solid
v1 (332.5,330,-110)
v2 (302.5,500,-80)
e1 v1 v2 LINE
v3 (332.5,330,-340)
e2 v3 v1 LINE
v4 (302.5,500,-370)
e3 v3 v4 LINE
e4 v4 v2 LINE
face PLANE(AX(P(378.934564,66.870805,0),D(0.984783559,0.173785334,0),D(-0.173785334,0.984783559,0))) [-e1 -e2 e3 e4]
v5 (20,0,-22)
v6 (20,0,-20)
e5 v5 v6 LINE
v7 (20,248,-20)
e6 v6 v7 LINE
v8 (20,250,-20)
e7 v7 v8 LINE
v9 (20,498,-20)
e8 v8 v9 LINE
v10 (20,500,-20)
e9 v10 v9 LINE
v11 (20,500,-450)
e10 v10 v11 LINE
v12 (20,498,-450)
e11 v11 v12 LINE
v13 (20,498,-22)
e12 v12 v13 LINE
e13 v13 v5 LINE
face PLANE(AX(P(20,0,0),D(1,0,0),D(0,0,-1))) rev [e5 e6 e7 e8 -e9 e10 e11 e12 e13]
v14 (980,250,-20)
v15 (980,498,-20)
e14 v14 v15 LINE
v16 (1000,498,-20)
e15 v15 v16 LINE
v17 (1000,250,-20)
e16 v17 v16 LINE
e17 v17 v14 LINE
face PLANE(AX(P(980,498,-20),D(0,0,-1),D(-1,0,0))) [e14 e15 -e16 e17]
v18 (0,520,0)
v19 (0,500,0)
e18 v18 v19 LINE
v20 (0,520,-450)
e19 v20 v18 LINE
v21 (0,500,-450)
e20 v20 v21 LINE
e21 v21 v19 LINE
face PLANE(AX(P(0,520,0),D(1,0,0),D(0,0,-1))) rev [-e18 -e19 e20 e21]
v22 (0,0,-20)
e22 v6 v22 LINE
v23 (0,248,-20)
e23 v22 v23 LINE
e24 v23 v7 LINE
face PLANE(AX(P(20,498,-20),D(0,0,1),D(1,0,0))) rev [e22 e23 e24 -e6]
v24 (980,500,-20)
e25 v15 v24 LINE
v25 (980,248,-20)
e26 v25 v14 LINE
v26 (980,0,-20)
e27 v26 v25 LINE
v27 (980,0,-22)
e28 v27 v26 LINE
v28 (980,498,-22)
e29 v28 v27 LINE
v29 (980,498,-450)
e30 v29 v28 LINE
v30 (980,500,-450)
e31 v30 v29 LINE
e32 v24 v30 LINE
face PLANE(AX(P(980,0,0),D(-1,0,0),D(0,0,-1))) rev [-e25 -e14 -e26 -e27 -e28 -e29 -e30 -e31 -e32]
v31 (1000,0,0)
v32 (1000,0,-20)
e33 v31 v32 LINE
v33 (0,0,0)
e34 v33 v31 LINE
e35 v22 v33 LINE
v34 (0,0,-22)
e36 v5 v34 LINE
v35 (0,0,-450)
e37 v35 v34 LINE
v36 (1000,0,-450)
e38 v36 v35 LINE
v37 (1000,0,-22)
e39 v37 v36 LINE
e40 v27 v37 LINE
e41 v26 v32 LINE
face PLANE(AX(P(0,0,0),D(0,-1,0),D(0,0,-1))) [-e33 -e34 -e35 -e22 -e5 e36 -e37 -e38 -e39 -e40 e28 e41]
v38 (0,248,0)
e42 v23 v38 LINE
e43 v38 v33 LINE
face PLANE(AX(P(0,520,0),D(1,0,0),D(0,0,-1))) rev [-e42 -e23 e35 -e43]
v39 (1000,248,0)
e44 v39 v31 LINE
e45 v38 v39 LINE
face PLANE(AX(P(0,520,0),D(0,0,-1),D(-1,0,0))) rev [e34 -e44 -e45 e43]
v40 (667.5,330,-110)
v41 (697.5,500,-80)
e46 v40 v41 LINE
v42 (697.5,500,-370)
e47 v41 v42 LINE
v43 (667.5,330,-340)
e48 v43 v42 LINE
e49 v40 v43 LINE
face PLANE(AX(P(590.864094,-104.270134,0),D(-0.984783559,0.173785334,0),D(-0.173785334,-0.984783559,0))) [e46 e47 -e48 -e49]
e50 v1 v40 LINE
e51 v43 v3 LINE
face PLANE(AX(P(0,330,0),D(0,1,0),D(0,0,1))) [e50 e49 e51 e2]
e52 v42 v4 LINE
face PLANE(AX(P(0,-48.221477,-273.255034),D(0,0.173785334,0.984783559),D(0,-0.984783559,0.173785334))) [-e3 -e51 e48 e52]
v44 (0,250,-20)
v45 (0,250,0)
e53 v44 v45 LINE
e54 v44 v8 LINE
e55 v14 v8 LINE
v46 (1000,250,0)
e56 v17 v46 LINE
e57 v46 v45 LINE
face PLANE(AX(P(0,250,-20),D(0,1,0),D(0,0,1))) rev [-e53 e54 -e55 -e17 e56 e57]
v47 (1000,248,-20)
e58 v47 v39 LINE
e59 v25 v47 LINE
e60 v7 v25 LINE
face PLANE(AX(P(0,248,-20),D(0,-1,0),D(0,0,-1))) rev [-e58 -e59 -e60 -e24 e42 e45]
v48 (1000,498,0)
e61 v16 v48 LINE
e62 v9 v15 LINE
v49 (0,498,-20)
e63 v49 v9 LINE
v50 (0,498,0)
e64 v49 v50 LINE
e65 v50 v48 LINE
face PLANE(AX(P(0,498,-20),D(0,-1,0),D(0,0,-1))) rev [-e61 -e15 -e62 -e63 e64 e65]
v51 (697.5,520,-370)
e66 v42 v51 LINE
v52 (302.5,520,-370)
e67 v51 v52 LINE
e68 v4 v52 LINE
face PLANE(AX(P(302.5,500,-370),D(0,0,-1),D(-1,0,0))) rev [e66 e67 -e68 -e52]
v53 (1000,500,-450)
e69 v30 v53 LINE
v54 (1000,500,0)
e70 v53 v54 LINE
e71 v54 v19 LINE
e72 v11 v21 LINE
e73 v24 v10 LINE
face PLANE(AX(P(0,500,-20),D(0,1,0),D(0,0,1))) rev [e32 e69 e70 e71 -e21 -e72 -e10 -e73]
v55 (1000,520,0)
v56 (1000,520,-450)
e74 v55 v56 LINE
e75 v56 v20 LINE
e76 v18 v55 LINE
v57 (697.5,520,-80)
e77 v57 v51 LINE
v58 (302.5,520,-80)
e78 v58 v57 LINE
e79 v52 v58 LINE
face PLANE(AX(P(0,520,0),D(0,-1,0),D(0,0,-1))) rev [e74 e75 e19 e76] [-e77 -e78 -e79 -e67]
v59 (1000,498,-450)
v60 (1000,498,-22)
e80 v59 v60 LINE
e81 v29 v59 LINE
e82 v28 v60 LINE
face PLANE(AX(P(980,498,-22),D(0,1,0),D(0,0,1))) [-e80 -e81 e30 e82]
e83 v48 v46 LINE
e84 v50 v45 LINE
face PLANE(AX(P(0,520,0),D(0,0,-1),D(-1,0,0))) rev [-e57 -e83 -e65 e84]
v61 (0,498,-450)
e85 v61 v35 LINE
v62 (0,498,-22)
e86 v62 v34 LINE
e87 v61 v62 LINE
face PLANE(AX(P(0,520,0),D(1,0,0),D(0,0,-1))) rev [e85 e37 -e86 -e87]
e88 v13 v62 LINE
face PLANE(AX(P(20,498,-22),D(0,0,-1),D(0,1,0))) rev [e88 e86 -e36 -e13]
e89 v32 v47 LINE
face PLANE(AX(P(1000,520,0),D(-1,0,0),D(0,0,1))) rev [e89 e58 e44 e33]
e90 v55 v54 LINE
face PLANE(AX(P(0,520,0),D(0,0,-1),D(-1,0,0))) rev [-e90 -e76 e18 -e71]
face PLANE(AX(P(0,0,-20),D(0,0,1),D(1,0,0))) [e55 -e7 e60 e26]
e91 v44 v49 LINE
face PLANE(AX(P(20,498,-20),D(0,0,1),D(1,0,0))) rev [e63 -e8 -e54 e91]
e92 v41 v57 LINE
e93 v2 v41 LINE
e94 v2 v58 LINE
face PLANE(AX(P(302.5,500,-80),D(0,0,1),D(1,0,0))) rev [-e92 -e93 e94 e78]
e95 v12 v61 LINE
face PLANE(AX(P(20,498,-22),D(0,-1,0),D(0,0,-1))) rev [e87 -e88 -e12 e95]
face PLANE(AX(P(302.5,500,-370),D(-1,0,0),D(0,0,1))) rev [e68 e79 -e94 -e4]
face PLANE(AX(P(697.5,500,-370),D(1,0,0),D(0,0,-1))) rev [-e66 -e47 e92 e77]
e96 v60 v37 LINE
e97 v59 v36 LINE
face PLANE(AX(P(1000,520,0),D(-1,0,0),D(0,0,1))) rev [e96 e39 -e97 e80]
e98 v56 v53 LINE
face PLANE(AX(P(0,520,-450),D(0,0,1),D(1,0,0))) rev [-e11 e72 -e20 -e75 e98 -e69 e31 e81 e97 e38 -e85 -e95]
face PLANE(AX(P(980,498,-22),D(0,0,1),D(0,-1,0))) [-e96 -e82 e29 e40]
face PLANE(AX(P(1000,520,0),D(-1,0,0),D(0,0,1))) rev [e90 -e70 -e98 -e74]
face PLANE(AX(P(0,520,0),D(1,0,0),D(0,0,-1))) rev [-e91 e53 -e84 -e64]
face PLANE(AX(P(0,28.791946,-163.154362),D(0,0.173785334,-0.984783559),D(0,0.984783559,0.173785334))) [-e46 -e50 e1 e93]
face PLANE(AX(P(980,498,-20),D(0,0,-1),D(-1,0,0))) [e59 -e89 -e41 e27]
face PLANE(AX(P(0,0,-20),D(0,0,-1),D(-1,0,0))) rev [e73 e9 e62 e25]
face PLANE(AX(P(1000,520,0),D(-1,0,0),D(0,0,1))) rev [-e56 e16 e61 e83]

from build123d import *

# Parameters (mm, degrees)
SKETCH_1_W          = 1000
SKETCH_1_H          = 450
EXTRUDE_1_DEPTH     = 520
SKETCH_2_W          = 395
SKETCH_2_H          = 290
CUT_EXTRUDE_1_DEPTH = 20
SKETCH_8_W          = 1000
SKETCH_8_H          = 2
CUT_EXTRUDE_2_DEPTH = 20
CUT_EXTRUDE_3_DEPTH = 20


with BuildPart() as part:
    # Эскиз1 → Бобышка-Вытянуть1 (new body)
    with BuildSketch(Plane(origin=(0, 0, 0), x_dir=(1, 0, 0), z_dir=(0, 1, 0))):
        with Locations((500, 225)):
            Rectangle(SKETCH_1_W, SKETCH_1_H)
    extrude(amount=EXTRUDE_1_DEPTH)

    # Эскиз2 → Вырез-Вытянуть1 (cut)
    with BuildSketch(Plane(origin=(0, 520, 0), x_dir=(1, 0, 0), z_dir=(0, 1, 0))):
        with Locations((500, 225)):
            Rectangle(SKETCH_2_W, SKETCH_2_H)
    extrude(amount=-CUT_EXTRUDE_1_DEPTH, mode=Mode.SUBTRACT)

    # Эскиз3 → Вырез-По сечениям1 section 0
    with BuildSketch(Plane(origin=(0, 330, 0), x_dir=(1, 0, 0), z_dir=(0, 1, 0))):
        with BuildLine():
            Line((332.5, 340), (667.5, 340))
            Line((667.5, 340), (667.5, 110))
            Line((667.5, 110), (332.5, 110))
            Line((332.5, 110), (332.5, 340))
        make_face()
    # Эскиз4 → Вырез-По сечениям1 section 1
    with BuildSketch(Plane(origin=(0, 500, 0), x_dir=(1, 0, 0), z_dir=(0, 1, 0))):
        with BuildLine():
            Line((302.5, 370), (697.5, 370))
            Line((697.5, 370), (697.5, 80))
            Line((697.5, 80), (302.5, 80))
            Line((302.5, 80), (302.5, 370))
        make_face()
    loft(mode=Mode.SUBTRACT)

    # Эскиз8 → Вырез-Вытянуть2 (cut)
    with BuildSketch(Plane.XY):
        with Locations((500, 499)):
            Rectangle(SKETCH_8_W, SKETCH_8_H)
        with Locations((500, 249)):
            Rectangle(SKETCH_8_W, SKETCH_8_H)
    extrude(amount=-CUT_EXTRUDE_2_DEPTH, mode=Mode.SUBTRACT)

    # Эскиз9 → Вырез-Вытянуть3 (cut)
    with BuildSketch(Plane.ZY):
        Polygon((-20, 500), (-450, 500), (-450, 498), (-22, 498), (-22, 0), (-20, 0), (-20, 498), align=None)
    cut_extrude_3 = extrude(amount=-CUT_EXTRUDE_3_DEPTH, mode=Mode.SUBTRACT)

    # Зеркальное отражение1: Вырез-Вытянуть3 across plane
    add(cut_extrude_3.mirror(Plane.ZY.offset(-500)), mode=Mode.SUBTRACT)


solid = part.part
